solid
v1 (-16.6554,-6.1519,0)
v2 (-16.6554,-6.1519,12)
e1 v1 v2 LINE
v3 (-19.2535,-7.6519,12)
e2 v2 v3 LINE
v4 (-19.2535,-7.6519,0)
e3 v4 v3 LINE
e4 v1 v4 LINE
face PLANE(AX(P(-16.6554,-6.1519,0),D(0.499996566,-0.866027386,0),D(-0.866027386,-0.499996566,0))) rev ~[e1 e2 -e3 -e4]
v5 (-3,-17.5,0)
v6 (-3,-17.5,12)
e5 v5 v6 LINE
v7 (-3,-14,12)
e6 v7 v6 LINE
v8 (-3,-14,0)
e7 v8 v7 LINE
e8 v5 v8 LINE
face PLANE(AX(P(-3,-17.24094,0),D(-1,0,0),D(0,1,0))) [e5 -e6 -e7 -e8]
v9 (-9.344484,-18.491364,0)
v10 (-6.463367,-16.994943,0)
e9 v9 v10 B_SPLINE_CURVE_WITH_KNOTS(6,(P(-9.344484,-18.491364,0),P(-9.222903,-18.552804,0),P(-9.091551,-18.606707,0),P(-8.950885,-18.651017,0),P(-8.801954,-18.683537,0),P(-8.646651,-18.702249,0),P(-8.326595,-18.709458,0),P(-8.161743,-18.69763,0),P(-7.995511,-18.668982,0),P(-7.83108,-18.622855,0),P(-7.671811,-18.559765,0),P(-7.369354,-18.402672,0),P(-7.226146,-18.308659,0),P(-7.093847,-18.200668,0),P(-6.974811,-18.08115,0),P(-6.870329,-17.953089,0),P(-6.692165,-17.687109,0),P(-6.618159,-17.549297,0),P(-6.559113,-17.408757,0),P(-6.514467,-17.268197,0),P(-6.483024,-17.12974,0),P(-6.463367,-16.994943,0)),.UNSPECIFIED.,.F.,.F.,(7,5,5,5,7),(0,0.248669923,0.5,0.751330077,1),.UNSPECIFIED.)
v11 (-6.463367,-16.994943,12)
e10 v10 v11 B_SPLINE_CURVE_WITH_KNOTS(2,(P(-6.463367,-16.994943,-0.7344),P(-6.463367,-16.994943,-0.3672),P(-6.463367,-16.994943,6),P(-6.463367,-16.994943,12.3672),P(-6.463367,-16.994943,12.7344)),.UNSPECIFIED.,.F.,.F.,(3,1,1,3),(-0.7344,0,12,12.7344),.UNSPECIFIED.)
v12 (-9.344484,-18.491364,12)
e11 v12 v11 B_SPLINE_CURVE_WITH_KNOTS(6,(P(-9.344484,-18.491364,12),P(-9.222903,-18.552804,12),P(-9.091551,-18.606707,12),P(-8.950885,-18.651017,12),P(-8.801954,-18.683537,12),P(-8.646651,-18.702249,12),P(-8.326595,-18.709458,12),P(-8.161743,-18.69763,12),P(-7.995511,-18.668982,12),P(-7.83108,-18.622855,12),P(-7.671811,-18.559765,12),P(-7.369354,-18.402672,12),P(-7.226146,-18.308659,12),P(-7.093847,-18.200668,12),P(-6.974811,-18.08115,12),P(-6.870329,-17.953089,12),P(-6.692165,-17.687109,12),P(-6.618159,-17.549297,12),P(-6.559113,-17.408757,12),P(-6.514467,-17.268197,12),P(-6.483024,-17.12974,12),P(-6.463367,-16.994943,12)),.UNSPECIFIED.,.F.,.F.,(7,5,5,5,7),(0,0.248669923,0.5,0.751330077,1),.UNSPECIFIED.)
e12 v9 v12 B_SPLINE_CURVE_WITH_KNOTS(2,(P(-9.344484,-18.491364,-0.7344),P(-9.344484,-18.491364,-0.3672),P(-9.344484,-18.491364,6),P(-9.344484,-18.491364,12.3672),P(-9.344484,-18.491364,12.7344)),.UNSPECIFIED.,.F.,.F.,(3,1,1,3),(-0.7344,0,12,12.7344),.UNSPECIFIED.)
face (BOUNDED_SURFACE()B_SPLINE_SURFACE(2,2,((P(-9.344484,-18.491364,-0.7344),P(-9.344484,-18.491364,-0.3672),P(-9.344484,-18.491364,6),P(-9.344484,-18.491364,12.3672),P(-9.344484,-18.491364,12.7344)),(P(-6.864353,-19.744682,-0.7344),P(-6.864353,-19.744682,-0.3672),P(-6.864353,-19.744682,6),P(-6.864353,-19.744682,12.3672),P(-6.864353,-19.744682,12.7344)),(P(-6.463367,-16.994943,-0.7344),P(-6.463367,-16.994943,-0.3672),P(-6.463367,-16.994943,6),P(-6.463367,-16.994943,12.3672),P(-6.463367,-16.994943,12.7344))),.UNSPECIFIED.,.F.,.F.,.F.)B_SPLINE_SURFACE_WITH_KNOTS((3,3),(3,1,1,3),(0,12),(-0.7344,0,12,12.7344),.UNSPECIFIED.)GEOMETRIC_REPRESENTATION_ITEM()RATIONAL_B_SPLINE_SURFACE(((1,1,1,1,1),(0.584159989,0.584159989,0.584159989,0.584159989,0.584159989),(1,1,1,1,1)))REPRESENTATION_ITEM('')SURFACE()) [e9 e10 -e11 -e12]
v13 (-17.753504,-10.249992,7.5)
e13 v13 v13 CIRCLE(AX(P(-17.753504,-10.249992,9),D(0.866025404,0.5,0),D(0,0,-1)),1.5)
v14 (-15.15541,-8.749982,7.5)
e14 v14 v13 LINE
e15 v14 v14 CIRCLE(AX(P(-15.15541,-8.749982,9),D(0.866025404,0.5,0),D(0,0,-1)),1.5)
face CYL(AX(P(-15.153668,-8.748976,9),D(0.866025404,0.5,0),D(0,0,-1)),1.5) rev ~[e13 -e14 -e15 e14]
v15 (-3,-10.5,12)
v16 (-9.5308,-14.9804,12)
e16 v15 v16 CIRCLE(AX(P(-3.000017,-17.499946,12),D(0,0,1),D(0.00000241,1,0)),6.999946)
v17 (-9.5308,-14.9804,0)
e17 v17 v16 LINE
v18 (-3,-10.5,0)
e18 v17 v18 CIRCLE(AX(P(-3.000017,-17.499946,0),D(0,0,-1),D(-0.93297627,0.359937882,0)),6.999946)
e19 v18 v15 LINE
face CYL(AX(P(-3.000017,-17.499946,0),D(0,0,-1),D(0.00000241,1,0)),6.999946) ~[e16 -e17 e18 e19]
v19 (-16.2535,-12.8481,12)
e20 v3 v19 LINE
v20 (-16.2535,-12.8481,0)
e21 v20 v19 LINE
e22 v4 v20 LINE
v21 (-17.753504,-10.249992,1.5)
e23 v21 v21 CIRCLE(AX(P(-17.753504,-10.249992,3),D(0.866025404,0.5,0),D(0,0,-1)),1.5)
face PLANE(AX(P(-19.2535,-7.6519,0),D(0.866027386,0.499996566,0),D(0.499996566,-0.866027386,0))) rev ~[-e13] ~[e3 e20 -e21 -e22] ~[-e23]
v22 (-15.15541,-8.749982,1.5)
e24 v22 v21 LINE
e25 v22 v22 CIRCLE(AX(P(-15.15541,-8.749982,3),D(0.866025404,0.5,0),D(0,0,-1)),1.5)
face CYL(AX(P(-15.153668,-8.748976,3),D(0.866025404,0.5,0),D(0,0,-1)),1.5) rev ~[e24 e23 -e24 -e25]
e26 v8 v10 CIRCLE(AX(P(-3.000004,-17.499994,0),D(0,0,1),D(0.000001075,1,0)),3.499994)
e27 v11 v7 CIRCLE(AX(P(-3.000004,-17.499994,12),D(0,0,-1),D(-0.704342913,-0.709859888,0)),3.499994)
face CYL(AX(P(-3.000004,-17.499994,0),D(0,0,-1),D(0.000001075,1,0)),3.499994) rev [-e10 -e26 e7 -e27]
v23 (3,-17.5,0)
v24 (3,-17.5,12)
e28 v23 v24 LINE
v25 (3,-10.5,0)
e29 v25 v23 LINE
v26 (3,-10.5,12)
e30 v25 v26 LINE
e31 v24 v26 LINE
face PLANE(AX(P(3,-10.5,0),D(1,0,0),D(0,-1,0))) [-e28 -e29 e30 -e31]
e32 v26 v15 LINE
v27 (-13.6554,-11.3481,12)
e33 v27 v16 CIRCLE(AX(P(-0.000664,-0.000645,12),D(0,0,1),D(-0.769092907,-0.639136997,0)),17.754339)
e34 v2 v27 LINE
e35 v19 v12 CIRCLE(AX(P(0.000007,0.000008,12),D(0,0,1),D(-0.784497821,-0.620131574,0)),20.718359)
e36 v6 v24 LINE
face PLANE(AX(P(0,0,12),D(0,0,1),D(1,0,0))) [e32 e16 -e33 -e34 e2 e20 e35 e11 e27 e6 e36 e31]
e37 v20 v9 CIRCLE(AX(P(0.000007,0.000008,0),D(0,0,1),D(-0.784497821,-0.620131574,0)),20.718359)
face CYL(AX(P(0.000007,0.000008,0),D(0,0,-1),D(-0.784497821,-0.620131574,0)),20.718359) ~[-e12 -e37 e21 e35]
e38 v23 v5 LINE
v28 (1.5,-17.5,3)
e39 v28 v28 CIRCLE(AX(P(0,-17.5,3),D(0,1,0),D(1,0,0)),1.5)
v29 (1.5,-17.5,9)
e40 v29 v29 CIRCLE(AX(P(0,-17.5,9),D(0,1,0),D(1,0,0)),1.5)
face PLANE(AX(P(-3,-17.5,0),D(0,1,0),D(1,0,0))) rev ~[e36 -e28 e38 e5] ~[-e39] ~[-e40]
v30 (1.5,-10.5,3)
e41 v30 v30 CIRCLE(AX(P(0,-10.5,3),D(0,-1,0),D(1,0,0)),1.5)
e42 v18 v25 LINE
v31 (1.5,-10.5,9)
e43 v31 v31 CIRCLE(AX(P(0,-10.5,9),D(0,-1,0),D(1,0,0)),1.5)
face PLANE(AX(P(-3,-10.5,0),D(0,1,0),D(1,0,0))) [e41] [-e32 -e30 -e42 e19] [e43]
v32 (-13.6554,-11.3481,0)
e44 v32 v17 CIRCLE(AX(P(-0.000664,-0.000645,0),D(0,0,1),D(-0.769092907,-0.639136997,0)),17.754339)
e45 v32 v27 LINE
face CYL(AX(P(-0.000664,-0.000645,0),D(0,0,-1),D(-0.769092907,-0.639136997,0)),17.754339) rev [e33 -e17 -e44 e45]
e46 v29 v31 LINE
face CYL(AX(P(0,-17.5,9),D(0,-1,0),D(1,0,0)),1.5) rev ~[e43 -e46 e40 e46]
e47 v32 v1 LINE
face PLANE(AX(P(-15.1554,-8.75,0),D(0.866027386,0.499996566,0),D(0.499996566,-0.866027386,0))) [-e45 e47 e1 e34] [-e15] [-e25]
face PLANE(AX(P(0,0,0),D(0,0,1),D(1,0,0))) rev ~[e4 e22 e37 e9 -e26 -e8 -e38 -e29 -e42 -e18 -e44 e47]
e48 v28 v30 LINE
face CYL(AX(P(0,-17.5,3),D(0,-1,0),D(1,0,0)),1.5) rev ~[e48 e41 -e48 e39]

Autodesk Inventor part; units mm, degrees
ref_plane "YZ Plane" through (0, 0, 0) normal (1, 0, 0) x (0, 1, 0)
ref_plane "XZ Plane" through (0, 0, 0) normal (0, 1, 0) x (-1, 0, 0)
ref_plane "XY Plane" through (0, 0, 0) normal (0, 0, 1) x (1, 0, 0)
sketch "Sketch1" plane through (0, 0, 0) normal (0, 0, 1) x (1, 0, 0)
  circle A0 centre (0, 0) radius 17.5
  line L0 (-15.1554, -8.75) -> (-13.6554, -11.3481)
  line L1 (-15.1554, -8.75) -> (-16.6554, -6.1519)
  line L2 (-16.6554, -6.1519) -> (-19.2535, -7.6519)
  line L3 (-19.2535, -7.6519) -> (-16.2535, -12.8481)
  line L4 (0, 0) -> (0, -17.5)
  line L5 (0, 0) -> (15.1554, -8.75)
  line L6 (0, 0) -> (17.5, 0) construction
  line L7 (0, 0) -> (17.5, 0) construction
  line L8 (0, 17.5) -> (0, -17.5)
  line L9 (-15.1554, -8.75) -> (0, 0)
  line L10 (0, -17.5) -> (3, -17.5)
  line L11 (3, -17.5) -> (3, -20.5)
  line L12 (-3, -17.5) -> (0, -17.5)
  arc A1 (-16.2535, -12.8481) -> (-3, -20.5) centre (0, 0) ccw
  line L13 (-3, -17.5) -> (-3, -14)
  line L14 (-3, -10.5) -> (3, -10.5)
  line L15 (3, -10.5) -> (3, -17.5)
  arc A2 (-3, -10.5) -> (-9.5308, -14.9804) centre (-3, -17.5) ccw
  arc A3 (-3, -14) -> (-5.4652, -19.9845) centre (-3, -17.5) ccw
  arc A4 (-13.6554, -11.3481) -> (-9.5308, -14.9804) centre (0, 0) ccw
  arc A5 (-6.3746, -16.5715) -> (-3, -17.5) centre (0, 0) ccw
  point P0 (0, -10.5)
  point P1 (-3, -17.2409)
  point P2 (3, -17.2409)
  dimension "d0" = 35
  dimension "d1" = 3
  dimension "d2" = 3
  dimension "d3" = 3
  dimension "d4" = 330
  dimension "d6" = 35
  dimension "d8" = 3
  dimension "d9" = 3
  dimension "d10" = 6
  dimension "d11" = 3
  dimension "d29" = 7
  dimension "d30" = 6
extrude "Extrusion1" add sketch "Sketch1" along normal blind 12 contours L0 A4 A2 A0 A3 A1 L3 L2 L1 | L15 L10 A0 | A0 L4 L14 L15 | A2 L14 L4 A0 L13 A3 | L12 L13 A0
sketch "Sketch2" plane through (-16.6554, -6.1519, 12) normal (0.866, 0.5, 0) x (0, 0, -1)
  line L0 (0, 0) -> (0, -3)
  line L1 (12, -6) -> (0, -6) projected
  line L2 (0, -3) -> (12, -3)
  line L3 (0, -3) -> (3, -3)
  line L4 (3, -3) -> (9, -3)
  circle A0 centre (3, -3) radius 1.5
  circle A1 centre (9, -3) radius 1.5
  dimension "d14" = 3
  dimension "d15" = 3
  dimension "d16" = 6
  dimension "d17" = 3
  dimension "d18" = 3
extrude "Extrusion2" cut sketch "Sketch2" against normal blind 12
sketch "Sketch3" plane through (-3, -17.5, 0) normal (0, -1, 0) x (1, 0, 0)
  line L0 (6, 12) -> (0, 12) projected
  line L1 (3, 0) -> (3, 3)
  line L2 (3, 3) -> (3, 9)
  circle A0 centre (3, 3) radius 1.5
  circle A1 centre (3, 9) radius 1.5
  dimension "d23" = 3
  dimension "d24" = 6
  dimension "d25" = 3
  dimension "d26" = 3
extrude "Extrusion3" cut sketch "Sketch3" against normal blind 12
fillet "Fillet1" radius 2 1 edges at (-5.4652, -19.9845, 6)
properties part number "acople" material "Iron, Ductile"
